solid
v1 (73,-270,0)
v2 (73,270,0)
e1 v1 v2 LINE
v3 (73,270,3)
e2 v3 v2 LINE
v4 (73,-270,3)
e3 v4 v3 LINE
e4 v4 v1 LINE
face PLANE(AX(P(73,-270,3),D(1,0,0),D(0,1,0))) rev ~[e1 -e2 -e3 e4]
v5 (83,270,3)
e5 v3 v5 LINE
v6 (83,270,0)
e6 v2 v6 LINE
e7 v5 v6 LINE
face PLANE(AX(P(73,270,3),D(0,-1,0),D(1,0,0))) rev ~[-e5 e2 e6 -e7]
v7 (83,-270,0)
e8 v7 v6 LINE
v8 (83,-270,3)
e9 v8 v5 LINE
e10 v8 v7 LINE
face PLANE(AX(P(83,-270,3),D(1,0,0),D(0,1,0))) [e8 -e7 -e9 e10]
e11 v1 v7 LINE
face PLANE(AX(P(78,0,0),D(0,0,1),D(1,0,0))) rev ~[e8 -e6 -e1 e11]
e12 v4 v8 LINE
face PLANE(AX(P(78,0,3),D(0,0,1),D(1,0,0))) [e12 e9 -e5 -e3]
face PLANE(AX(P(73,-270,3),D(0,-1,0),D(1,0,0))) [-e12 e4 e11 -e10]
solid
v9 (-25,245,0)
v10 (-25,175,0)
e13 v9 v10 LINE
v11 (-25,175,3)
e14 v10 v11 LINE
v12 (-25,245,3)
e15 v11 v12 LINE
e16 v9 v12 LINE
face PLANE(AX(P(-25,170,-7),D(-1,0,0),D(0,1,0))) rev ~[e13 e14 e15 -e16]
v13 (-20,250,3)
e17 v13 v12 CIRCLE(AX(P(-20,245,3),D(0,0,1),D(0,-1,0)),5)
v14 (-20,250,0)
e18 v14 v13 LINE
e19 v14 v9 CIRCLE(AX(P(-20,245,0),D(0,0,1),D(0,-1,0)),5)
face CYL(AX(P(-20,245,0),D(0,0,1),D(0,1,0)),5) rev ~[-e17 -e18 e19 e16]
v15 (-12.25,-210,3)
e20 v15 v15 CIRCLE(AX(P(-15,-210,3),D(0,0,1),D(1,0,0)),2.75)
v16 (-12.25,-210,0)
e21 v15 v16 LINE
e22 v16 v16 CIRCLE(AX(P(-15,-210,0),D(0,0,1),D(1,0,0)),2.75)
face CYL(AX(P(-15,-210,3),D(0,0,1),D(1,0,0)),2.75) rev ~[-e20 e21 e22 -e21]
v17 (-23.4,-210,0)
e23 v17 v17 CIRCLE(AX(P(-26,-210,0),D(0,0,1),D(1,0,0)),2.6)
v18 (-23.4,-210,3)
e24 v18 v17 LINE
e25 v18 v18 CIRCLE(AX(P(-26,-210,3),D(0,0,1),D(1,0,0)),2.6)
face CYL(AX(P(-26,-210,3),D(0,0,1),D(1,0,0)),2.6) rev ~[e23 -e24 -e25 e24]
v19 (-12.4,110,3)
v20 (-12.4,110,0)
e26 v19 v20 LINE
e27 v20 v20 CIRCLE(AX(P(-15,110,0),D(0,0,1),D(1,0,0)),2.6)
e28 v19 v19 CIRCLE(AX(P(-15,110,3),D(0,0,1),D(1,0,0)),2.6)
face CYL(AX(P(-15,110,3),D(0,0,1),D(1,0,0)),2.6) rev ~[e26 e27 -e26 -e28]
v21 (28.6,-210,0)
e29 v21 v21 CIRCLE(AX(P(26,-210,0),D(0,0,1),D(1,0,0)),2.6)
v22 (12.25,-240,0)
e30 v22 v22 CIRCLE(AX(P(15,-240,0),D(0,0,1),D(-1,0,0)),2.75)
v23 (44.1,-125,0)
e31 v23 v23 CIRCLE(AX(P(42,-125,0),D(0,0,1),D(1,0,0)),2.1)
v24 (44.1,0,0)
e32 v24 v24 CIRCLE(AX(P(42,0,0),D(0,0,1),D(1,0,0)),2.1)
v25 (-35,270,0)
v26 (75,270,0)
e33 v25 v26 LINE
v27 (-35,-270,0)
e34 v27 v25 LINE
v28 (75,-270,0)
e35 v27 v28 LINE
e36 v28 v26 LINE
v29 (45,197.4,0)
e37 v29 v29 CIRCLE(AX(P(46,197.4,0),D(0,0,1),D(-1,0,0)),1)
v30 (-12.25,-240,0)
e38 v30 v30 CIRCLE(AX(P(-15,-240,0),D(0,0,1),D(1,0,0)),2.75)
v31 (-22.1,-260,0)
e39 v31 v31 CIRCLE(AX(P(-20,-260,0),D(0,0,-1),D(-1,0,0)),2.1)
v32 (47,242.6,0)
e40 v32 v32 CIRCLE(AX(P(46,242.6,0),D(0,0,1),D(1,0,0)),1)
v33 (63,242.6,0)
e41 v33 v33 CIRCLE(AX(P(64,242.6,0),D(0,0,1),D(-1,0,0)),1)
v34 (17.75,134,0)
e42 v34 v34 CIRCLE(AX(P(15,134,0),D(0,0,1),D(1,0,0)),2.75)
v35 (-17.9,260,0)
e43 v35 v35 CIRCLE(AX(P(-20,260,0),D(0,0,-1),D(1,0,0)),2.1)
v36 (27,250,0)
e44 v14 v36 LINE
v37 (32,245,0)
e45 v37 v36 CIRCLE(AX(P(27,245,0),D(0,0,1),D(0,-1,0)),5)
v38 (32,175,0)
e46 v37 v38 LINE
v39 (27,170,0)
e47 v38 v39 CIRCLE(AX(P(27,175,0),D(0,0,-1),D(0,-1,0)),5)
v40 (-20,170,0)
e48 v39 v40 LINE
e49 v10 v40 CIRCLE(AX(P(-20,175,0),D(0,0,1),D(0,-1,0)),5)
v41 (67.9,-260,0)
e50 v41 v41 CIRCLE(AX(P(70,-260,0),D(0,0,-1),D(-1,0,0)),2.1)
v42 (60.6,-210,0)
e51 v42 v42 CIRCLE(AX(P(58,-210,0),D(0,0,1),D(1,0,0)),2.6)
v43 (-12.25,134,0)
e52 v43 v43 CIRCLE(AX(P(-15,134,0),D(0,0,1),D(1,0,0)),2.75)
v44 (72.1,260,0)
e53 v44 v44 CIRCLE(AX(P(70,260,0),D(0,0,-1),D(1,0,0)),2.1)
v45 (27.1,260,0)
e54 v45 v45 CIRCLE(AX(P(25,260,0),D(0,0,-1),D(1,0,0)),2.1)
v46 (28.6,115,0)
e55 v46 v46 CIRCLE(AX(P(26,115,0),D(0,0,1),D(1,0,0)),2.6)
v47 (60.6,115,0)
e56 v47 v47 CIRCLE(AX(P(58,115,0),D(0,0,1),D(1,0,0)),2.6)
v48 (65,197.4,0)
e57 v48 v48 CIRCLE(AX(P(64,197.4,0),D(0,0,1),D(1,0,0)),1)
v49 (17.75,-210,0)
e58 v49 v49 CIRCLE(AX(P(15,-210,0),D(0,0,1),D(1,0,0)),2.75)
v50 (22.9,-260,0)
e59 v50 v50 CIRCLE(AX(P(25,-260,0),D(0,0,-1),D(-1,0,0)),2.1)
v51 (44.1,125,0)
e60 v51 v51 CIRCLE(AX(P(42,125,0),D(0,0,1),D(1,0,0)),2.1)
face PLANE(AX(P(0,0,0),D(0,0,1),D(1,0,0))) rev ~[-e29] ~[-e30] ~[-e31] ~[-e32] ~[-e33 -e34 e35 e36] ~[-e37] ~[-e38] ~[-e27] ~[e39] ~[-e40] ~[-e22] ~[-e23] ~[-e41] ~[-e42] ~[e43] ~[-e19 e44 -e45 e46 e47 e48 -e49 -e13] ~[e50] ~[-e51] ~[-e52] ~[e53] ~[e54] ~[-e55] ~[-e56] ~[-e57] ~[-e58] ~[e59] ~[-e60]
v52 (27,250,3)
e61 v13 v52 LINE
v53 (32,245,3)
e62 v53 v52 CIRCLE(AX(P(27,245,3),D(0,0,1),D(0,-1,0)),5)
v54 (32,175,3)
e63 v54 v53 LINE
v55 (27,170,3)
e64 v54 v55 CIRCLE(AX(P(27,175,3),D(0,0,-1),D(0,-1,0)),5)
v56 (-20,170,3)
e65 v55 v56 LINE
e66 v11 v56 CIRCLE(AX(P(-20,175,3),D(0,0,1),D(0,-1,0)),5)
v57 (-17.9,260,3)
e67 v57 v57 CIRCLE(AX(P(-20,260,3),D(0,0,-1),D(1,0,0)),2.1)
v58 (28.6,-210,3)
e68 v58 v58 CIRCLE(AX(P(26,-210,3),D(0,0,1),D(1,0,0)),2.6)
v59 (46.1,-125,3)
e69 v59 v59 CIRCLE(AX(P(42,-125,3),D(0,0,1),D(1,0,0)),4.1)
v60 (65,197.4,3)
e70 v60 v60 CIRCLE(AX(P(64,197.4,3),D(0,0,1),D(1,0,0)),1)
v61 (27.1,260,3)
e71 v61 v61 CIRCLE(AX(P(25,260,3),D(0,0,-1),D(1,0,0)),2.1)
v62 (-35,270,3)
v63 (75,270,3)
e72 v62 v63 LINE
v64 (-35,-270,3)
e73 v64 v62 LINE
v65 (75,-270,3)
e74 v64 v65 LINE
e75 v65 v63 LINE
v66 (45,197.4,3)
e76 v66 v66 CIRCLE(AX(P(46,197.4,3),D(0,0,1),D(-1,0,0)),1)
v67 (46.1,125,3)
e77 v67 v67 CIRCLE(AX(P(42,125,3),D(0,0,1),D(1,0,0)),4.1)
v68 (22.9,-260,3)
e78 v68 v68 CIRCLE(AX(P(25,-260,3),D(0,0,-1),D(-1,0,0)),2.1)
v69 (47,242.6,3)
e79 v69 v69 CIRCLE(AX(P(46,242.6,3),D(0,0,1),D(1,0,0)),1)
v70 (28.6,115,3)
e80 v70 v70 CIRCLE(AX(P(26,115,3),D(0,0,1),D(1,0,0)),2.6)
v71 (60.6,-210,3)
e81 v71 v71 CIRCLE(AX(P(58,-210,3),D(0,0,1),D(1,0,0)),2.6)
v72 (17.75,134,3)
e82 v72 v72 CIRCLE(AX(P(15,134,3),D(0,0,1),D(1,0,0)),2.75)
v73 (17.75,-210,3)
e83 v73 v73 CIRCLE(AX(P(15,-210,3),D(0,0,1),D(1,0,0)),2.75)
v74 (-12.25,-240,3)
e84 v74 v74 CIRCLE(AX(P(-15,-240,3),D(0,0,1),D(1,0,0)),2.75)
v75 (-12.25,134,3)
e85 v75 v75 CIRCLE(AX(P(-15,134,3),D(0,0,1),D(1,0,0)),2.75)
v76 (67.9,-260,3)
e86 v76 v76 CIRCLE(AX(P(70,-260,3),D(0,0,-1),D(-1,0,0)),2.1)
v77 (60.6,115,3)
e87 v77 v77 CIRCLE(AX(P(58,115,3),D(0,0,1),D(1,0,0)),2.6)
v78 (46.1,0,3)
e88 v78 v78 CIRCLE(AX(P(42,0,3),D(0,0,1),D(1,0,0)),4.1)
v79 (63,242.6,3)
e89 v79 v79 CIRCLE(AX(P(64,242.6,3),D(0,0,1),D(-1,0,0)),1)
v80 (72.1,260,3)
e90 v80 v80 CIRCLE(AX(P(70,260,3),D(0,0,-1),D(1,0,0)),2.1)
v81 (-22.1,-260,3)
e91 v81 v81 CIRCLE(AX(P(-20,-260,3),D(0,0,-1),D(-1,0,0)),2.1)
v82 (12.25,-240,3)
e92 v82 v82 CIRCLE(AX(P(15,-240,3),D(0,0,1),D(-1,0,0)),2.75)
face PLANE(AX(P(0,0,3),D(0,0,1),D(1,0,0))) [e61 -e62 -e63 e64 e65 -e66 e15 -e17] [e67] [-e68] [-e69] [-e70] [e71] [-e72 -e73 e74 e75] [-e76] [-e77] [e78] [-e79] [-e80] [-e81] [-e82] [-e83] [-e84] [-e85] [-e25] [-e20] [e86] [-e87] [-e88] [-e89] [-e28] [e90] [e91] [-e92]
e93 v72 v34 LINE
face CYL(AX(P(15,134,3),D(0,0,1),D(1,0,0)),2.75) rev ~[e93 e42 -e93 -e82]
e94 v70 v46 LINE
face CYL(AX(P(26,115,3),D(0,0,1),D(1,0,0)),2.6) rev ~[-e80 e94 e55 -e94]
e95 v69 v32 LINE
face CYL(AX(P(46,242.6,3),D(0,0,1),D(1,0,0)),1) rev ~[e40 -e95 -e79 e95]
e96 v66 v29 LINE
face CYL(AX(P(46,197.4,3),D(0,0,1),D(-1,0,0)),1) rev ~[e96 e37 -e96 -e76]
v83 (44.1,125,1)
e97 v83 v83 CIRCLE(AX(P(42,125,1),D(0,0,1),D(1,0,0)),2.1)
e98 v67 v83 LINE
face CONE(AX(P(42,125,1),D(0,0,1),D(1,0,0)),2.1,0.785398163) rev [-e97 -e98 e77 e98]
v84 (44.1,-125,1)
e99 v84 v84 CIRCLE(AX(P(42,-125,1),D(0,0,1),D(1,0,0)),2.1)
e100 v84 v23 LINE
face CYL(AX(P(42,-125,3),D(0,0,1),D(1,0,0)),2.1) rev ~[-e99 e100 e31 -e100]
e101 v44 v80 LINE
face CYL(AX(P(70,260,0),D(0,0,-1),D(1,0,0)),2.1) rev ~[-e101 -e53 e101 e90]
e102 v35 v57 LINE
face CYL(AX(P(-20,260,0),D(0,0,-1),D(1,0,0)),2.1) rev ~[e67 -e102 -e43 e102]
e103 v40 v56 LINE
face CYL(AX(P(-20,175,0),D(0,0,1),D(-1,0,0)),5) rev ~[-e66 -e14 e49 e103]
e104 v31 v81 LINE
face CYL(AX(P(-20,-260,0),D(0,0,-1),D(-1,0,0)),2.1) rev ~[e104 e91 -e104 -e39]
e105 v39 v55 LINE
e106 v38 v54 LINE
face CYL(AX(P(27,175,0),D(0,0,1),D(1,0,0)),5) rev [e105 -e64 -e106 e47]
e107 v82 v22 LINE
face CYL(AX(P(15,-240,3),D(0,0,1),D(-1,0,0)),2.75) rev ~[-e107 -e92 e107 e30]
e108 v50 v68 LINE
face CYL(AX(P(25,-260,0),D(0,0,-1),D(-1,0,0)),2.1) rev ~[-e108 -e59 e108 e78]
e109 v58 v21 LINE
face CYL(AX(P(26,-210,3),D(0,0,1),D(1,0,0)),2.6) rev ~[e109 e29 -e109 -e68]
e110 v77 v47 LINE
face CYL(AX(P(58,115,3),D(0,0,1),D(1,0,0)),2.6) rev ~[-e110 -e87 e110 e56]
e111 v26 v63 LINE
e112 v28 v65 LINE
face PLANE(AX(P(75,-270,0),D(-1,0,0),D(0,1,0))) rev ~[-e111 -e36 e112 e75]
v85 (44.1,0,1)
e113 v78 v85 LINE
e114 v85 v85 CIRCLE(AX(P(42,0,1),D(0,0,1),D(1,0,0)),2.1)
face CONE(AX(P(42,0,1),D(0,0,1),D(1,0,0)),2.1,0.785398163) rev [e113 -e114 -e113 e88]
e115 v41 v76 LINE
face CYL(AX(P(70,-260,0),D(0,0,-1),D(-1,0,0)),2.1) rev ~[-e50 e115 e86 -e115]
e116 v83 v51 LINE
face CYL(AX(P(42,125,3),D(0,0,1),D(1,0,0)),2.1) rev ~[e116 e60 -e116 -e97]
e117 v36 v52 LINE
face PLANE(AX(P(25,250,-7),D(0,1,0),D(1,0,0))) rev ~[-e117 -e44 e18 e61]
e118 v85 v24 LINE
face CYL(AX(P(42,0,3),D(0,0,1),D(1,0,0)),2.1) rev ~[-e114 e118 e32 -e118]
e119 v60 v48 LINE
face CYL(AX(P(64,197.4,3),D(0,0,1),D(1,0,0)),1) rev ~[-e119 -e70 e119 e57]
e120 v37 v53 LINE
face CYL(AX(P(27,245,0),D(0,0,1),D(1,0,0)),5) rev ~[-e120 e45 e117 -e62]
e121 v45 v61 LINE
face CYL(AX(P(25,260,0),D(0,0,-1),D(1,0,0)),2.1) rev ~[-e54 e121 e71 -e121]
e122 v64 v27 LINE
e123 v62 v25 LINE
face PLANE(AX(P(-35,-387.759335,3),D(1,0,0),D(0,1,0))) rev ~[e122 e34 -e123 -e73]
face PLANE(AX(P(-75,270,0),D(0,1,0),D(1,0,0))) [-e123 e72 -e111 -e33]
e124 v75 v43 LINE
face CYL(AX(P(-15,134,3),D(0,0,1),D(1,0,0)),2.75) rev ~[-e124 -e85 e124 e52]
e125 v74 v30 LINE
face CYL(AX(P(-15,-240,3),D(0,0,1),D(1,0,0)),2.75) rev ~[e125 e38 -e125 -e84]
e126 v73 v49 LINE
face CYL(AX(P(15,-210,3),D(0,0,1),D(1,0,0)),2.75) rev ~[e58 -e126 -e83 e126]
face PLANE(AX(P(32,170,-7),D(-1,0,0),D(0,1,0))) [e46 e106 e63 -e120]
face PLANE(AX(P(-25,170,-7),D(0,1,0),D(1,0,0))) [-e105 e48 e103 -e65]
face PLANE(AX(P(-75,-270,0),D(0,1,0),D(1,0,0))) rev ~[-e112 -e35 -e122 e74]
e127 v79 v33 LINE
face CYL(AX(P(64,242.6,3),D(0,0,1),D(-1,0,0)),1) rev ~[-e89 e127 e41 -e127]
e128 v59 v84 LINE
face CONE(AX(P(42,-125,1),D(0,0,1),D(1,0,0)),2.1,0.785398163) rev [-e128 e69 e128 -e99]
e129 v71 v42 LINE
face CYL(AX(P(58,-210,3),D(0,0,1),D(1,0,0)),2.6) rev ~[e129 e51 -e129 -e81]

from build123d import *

# Parameters (mm, degrees)
SKETCH_1_W           = 150
SKETCH_1_H           = 540
EXTRUDE_1_DEPTH      = 3
SKETCH_2_R           = 2.1
SKETCH_2_R_2         = 1.6
CUT_EXTRUDE_1_DEPTH  = 281.239183556
CUT_EXTRUDE_2_REACH  = 282.239
SKETCH_4_R           = 2.1
CHAMFER_1_SIZE       = 2
CUT_EXTRUDE_4_REACH  = 282.239
SKETCH_6_R           = 2.6
CUT_EXTRUDE_5_REACH  = 282.239
SKETCH_7_R           = 2.75
CUT_EXTRUDE_6_REACH  = 282.239
SKETCH_8_R           = 2.75
SKETCH_9_R           = 2.75
CUT_EXTRUDE_7_DEPTH  = 10
CUT_EXTRUDE_START    = -10
SKETCH_10_W          = 25
SKETCH_10_H          = 80
SKETCH_10_R          = 1.6
SKETCH_10_W_2        = 7
CUT_EXTRUDE_8_DEPTH  = 10
FILLET_1_R           = 5
SKETCH_11_R          = 1
CUT_EXTRUDE_9_DEPTH  = 4
SKETCH_13_W          = 201.482983475
SKETCH_13_H          = 657.759334519
CUT_EXTRUDE_10_DEPTH = 10
SKETCH_14_W          = 10
SKETCH_14_H          = 540
EXTRUDE_2_DEPTH      = 3


with BuildPart() as part:
    # 草图1 → 凸台-拉伸1 (new body)
    with BuildSketch(Plane.XY):
        Rectangle(SKETCH_1_W, SKETCH_1_H)
    extrude(amount=EXTRUDE_1_DEPTH)

    # 草图2 → 切除-拉伸1 (cut, through all)
    with BuildSketch(Plane(origin=(0, 0, 0), x_dir=(-1, 0, 0), z_dir=(0, 0, -1))):
        with Locations((65, -260)):
            Circle(SKETCH_2_R)
        with Locations((-70, -260)):
            Circle(SKETCH_2_R)
        with Locations(Location((65, 260, 0), (0, 0, 180))):
            Circle(SKETCH_2_R)
        with Locations(Location((-70, 260, 0), (0, 0, 180))):
            Circle(SKETCH_2_R)
        with Locations((-25, -260)):
            Circle(SKETCH_2_R)
        with Locations((20, -260)):
            Circle(SKETCH_2_R)
        with Locations(Location((20, 260, 0), (0, 0, 180))):
            Circle(SKETCH_2_R)
        with Locations(Location((-25, 260, 0), (0, 0, 180))):
            Circle(SKETCH_2_R)
        with Locations((15, 196.5)):
            Circle(SKETCH_2_R_2)
        with Locations((15, 188.5)):
            Circle(SKETCH_2_R_2)
        with Locations(Location((-15, 196.5, 0), (0, 0, 180))):
            Circle(SKETCH_2_R_2)
        with Locations(Location((-15, 188.5, 0), (0, 0, 180))):
            Circle(SKETCH_2_R_2)
    extrude(amount=-CUT_EXTRUDE_1_DEPTH, mode=Mode.SUBTRACT)

    # 草图4 → 切除-拉伸2 (cut, up to next)
    with BuildSketch(Plane.XY.offset(3), mode=Mode.PRIVATE) as cut_extrude_2_sk1:
        with Locations((42, 125)):
            Circle(SKETCH_4_R)
    cut_extrude_2_tool1 = extrude(cut_extrude_2_sk1.sketch, amount=-CUT_EXTRUDE_2_REACH, mode=Mode.PRIVATE) & part.part
    # 草图4 → 切除-拉伸2 (cut, up to next)
    with BuildSketch(Plane.XY.offset(3), mode=Mode.PRIVATE) as cut_extrude_2_sk2:
        with Locations((42, -125)):
            Circle(SKETCH_4_R)
    cut_extrude_2_tool2 = extrude(cut_extrude_2_sk2.sketch, amount=-CUT_EXTRUDE_2_REACH, mode=Mode.PRIVATE) & part.part
    # 草图4 → 切除-拉伸2 (cut, up to next)
    with BuildSketch(Plane.XY.offset(3), mode=Mode.PRIVATE) as cut_extrude_2_sk3:
        with Locations((42, 0)):
            Circle(SKETCH_4_R)
    cut_extrude_2_tool3 = extrude(cut_extrude_2_sk3.sketch, amount=-CUT_EXTRUDE_2_REACH, mode=Mode.PRIVATE) & part.part
    # 草图4 → 切除-拉伸2 (cut, up to next)
    with BuildSketch(Plane.XY.offset(3), mode=Mode.PRIVATE) as cut_extrude_2_sk4:
        with Locations((-42, 0)):
            Circle(SKETCH_4_R)
    cut_extrude_2_tool4 = extrude(cut_extrude_2_sk4.sketch, amount=-CUT_EXTRUDE_2_REACH, mode=Mode.PRIVATE) & part.part
    # 草图4 → 切除-拉伸2 (cut, up to next)
    with BuildSketch(Plane.XY.offset(3), mode=Mode.PRIVATE) as cut_extrude_2_sk5:
        with Locations((-42, -125)):
            Circle(SKETCH_4_R)
    cut_extrude_2_tool5 = extrude(cut_extrude_2_sk5.sketch, amount=-CUT_EXTRUDE_2_REACH, mode=Mode.PRIVATE) & part.part
    # 草图4 → 切除-拉伸2 (cut, up to next)
    with BuildSketch(Plane.XY.offset(3), mode=Mode.PRIVATE) as cut_extrude_2_sk6:
        with Locations((-42, 125)):
            Circle(SKETCH_4_R)
    cut_extrude_2_tool6 = extrude(cut_extrude_2_sk6.sketch, amount=-CUT_EXTRUDE_2_REACH, mode=Mode.PRIVATE) & part.part
    add(cut_extrude_2_tool1.solids().sort_by_distance((42, 125, 3))[0], mode=Mode.SUBTRACT)
    add(cut_extrude_2_tool2.solids().sort_by_distance((42, -125, 3))[0], mode=Mode.SUBTRACT)
    add(cut_extrude_2_tool3.solids().sort_by_distance((42, 0, 3))[0], mode=Mode.SUBTRACT)
    add(cut_extrude_2_tool4.solids().sort_by_distance((-42, 0, 3))[0], mode=Mode.SUBTRACT)
    add(cut_extrude_2_tool5.solids().sort_by_distance((-42, -125, 3))[0], mode=Mode.SUBTRACT)
    add(cut_extrude_2_tool6.solids().sort_by_distance((-42, 125, 3))[0], mode=Mode.SUBTRACT)

    # 倒角1
    chamfer_1_edges = [part.edges().sort_by_distance(p)[0] for p in [
        (39.9, 0, 3),
        (39.9, -125, 3),
        (39.9, 125, 3),
    ]]
    chamfer(chamfer_1_edges, length=CHAMFER_1_SIZE)

    # 草图6 → 切除-拉伸4 (cut, up to next)
    with BuildSketch(Plane.XY.offset(3), mode=Mode.PRIVATE) as cut_extrude_4_sk1:
        with Locations((26, -210)):
            Circle(SKETCH_6_R)
    cut_extrude_4_tool1 = extrude(cut_extrude_4_sk1.sketch, amount=-CUT_EXTRUDE_4_REACH, mode=Mode.PRIVATE) & part.part
    # 草图6 → 切除-拉伸4 (cut, up to next)
    with BuildSketch(Plane.XY.offset(3), mode=Mode.PRIVATE) as cut_extrude_4_sk2:
        with Locations((-26, -210)):
            Circle(SKETCH_6_R)
    cut_extrude_4_tool2 = extrude(cut_extrude_4_sk2.sketch, amount=-CUT_EXTRUDE_4_REACH, mode=Mode.PRIVATE) & part.part
    # 草图6 → 切除-拉伸4 (cut, up to next)
    with BuildSketch(Plane.XY.offset(3), mode=Mode.PRIVATE) as cut_extrude_4_sk3:
        with Locations((58, -210)):
            Circle(SKETCH_6_R)
    cut_extrude_4_tool3 = extrude(cut_extrude_4_sk3.sketch, amount=-CUT_EXTRUDE_4_REACH, mode=Mode.PRIVATE) & part.part
    # 草图6 → 切除-拉伸4 (cut, up to next)
    with BuildSketch(Plane.XY.offset(3), mode=Mode.PRIVATE) as cut_extrude_4_sk4:
        with Locations((-58, -210)):
            Circle(SKETCH_6_R)
    cut_extrude_4_tool4 = extrude(cut_extrude_4_sk4.sketch, amount=-CUT_EXTRUDE_4_REACH, mode=Mode.PRIVATE) & part.part
    # 草图6 → 切除-拉伸4 (cut, up to next)
    with BuildSketch(Plane.XY.offset(3), mode=Mode.PRIVATE) as cut_extrude_4_sk5:
        with Locations((-47, 110)):
            Circle(SKETCH_6_R)
    cut_extrude_4_tool5 = extrude(cut_extrude_4_sk5.sketch, amount=-CUT_EXTRUDE_4_REACH, mode=Mode.PRIVATE) & part.part
    # 草图6 → 切除-拉伸4 (cut, up to next)
    with BuildSketch(Plane.XY.offset(3), mode=Mode.PRIVATE) as cut_extrude_4_sk6:
        with Locations((-15, 110)):
            Circle(SKETCH_6_R)
    cut_extrude_4_tool6 = extrude(cut_extrude_4_sk6.sketch, amount=-CUT_EXTRUDE_4_REACH, mode=Mode.PRIVATE) & part.part
    # 草图6 → 切除-拉伸4 (cut, up to next)
    with BuildSketch(Plane.XY.offset(3), mode=Mode.PRIVATE) as cut_extrude_4_sk7:
        with Locations((26, 115)):
            Circle(SKETCH_6_R)
    cut_extrude_4_tool7 = extrude(cut_extrude_4_sk7.sketch, amount=-CUT_EXTRUDE_4_REACH, mode=Mode.PRIVATE) & part.part
    # 草图6 → 切除-拉伸4 (cut, up to next)
    with BuildSketch(Plane.XY.offset(3), mode=Mode.PRIVATE) as cut_extrude_4_sk8:
        with Locations((58, 115)):
            Circle(SKETCH_6_R)
    cut_extrude_4_tool8 = extrude(cut_extrude_4_sk8.sketch, amount=-CUT_EXTRUDE_4_REACH, mode=Mode.PRIVATE) & part.part
    add(cut_extrude_4_tool1.solids().sort_by_distance((26, -210, 3))[0], mode=Mode.SUBTRACT)
    add(cut_extrude_4_tool2.solids().sort_by_distance((-26, -210, 3))[0], mode=Mode.SUBTRACT)
    add(cut_extrude_4_tool3.solids().sort_by_distance((58, -210, 3))[0], mode=Mode.SUBTRACT)
    add(cut_extrude_4_tool4.solids().sort_by_distance((-58, -210, 3))[0], mode=Mode.SUBTRACT)
    add(cut_extrude_4_tool5.solids().sort_by_distance((-47, 110, 3))[0], mode=Mode.SUBTRACT)
    add(cut_extrude_4_tool6.solids().sort_by_distance((-15, 110, 3))[0], mode=Mode.SUBTRACT)
    add(cut_extrude_4_tool7.solids().sort_by_distance((26, 115, 3))[0], mode=Mode.SUBTRACT)
    add(cut_extrude_4_tool8.solids().sort_by_distance((58, 115, 3))[0], mode=Mode.SUBTRACT)

    # 草图7 → 切除-拉伸5 (cut, up to next)
    with BuildSketch(Plane.XY.offset(3), mode=Mode.PRIVATE) as cut_extrude_5_sk1:
        with Locations((-15, 134)):
            Circle(SKETCH_7_R)
    cut_extrude_5_tool1 = extrude(cut_extrude_5_sk1.sketch, amount=-CUT_EXTRUDE_5_REACH, mode=Mode.PRIVATE) & part.part
    # 草图7 → 切除-拉伸5 (cut, up to next)
    with BuildSketch(Plane.XY.offset(3), mode=Mode.PRIVATE) as cut_extrude_5_sk2:
        with Locations((15, 134)):
            Circle(SKETCH_7_R)
    cut_extrude_5_tool2 = extrude(cut_extrude_5_sk2.sketch, amount=-CUT_EXTRUDE_5_REACH, mode=Mode.PRIVATE) & part.part
    add(cut_extrude_5_tool1.solids().sort_by_distance((-15, 134, 3))[0], mode=Mode.SUBTRACT)
    add(cut_extrude_5_tool2.solids().sort_by_distance((15, 134, 3))[0], mode=Mode.SUBTRACT)

    # 草图8 → 切除-拉伸6 (cut, up to next)
    with BuildSketch(Plane.XY.offset(3), mode=Mode.PRIVATE) as cut_extrude_6_sk1:
        with Locations((-15, -210)):
            Circle(SKETCH_8_R)
    cut_extrude_6_tool1 = extrude(cut_extrude_6_sk1.sketch, amount=-CUT_EXTRUDE_6_REACH, mode=Mode.PRIVATE) & part.part
    # 草图8 → 切除-拉伸6 (cut, up to next)
    with BuildSketch(Plane.XY.offset(3), mode=Mode.PRIVATE) as cut_extrude_6_sk2:
        with Locations((15, -210)):
            Circle(SKETCH_8_R)
    cut_extrude_6_tool2 = extrude(cut_extrude_6_sk2.sketch, amount=-CUT_EXTRUDE_6_REACH, mode=Mode.PRIVATE) & part.part
    add(cut_extrude_6_tool1.solids().sort_by_distance((-15, -210, 3))[0], mode=Mode.SUBTRACT)
    add(cut_extrude_6_tool2.solids().sort_by_distance((15, -210, 3))[0], mode=Mode.SUBTRACT)

    # 草图9 → 切除-拉伸7 (cut)
    with BuildSketch(Plane.XY.offset(3)):
        with Locations((-15, -240)):
            Circle(SKETCH_9_R)
        with Locations(Location((15, -240, 0), (0, 0, 180))):
            Circle(SKETCH_9_R)
    extrude(amount=-CUT_EXTRUDE_7_DEPTH, mode=Mode.SUBTRACT)

    # 草图10 → 切除-拉伸8 (cut)
    # profile 1 of 3: a face of its own
    with BuildSketch(Plane.XY.offset(3).offset(CUT_EXTRUDE_START)):
        with Locations((-12.5, 210)):
            Rectangle(SKETCH_10_W, SKETCH_10_H)
        with Locations((-15, 188.5)):
            Circle(SKETCH_10_R, mode=Mode.SUBTRACT)
        with Locations((-15, 196.5)):
            Circle(SKETCH_10_R, mode=Mode.SUBTRACT)
    # profile 2 of 3: a face of its own
    with BuildSketch(Plane.XY.offset(3).offset(CUT_EXTRUDE_START)):
        with Locations((12.5, 210)):
            Rectangle(SKETCH_10_W, SKETCH_10_H)
        with Locations((15, 188.5)):
            Circle(SKETCH_10_R, mode=Mode.SUBTRACT)
        with Locations((15, 196.5)):
            Circle(SKETCH_10_R, mode=Mode.SUBTRACT)
    # profile 3 of 3: a face of its own
    with BuildSketch(Plane.XY.offset(3).offset(CUT_EXTRUDE_START)):
        with Locations((28.5, 210)):
            Rectangle(SKETCH_10_W_2, SKETCH_10_H)
    extrude(amount=CUT_EXTRUDE_8_DEPTH, mode=Mode.SUBTRACT)

    # 圆角1
    fillet_1_edges = [part.edges().sort_by_distance(p)[0] for p in [
        (-25, 250, 1.5),
        (32, 250, 1.5),
        (32, 170, 1.5),
        (-25, 170, 1.5),
    ]]
    fillet(fillet_1_edges, radius=FILLET_1_R)

    # 草图11 → 切除-拉伸9 (cut)
    with BuildSketch(Plane.XY.offset(3)):
        with Locations((46, 242.6)):
            Circle(SKETCH_11_R)
        with Locations(Location((64, 242.6, 0), (0, 0, 180))):
            Circle(SKETCH_11_R)
        with Locations((64, 197.4)):
            Circle(SKETCH_11_R)
        with Locations(Location((46, 197.4, 0), (0, 0, 180))):
            Circle(SKETCH_11_R)
    extrude(amount=-CUT_EXTRUDE_9_DEPTH, mode=Mode.SUBTRACT)

    # 草图13 → 切除-拉伸10 (cut)
    with BuildSketch(Plane.XY.offset(3)):
        with Locations((-135.741491738, -58.87966726)):
            Rectangle(SKETCH_13_W, SKETCH_13_H)
    extrude(amount=-CUT_EXTRUDE_10_DEPTH, mode=Mode.SUBTRACT)


with BuildPart() as body_2:
    # 草图14 → 凸台-拉伸2 (new body)
    with BuildSketch(Plane.XY.offset(3)):
        with Locations((78, 0)):
            Rectangle(SKETCH_14_W, SKETCH_14_H)
    extrude(amount=-EXTRUDE_2_DEPTH)


solid = Compound([part.part, body_2.part])
